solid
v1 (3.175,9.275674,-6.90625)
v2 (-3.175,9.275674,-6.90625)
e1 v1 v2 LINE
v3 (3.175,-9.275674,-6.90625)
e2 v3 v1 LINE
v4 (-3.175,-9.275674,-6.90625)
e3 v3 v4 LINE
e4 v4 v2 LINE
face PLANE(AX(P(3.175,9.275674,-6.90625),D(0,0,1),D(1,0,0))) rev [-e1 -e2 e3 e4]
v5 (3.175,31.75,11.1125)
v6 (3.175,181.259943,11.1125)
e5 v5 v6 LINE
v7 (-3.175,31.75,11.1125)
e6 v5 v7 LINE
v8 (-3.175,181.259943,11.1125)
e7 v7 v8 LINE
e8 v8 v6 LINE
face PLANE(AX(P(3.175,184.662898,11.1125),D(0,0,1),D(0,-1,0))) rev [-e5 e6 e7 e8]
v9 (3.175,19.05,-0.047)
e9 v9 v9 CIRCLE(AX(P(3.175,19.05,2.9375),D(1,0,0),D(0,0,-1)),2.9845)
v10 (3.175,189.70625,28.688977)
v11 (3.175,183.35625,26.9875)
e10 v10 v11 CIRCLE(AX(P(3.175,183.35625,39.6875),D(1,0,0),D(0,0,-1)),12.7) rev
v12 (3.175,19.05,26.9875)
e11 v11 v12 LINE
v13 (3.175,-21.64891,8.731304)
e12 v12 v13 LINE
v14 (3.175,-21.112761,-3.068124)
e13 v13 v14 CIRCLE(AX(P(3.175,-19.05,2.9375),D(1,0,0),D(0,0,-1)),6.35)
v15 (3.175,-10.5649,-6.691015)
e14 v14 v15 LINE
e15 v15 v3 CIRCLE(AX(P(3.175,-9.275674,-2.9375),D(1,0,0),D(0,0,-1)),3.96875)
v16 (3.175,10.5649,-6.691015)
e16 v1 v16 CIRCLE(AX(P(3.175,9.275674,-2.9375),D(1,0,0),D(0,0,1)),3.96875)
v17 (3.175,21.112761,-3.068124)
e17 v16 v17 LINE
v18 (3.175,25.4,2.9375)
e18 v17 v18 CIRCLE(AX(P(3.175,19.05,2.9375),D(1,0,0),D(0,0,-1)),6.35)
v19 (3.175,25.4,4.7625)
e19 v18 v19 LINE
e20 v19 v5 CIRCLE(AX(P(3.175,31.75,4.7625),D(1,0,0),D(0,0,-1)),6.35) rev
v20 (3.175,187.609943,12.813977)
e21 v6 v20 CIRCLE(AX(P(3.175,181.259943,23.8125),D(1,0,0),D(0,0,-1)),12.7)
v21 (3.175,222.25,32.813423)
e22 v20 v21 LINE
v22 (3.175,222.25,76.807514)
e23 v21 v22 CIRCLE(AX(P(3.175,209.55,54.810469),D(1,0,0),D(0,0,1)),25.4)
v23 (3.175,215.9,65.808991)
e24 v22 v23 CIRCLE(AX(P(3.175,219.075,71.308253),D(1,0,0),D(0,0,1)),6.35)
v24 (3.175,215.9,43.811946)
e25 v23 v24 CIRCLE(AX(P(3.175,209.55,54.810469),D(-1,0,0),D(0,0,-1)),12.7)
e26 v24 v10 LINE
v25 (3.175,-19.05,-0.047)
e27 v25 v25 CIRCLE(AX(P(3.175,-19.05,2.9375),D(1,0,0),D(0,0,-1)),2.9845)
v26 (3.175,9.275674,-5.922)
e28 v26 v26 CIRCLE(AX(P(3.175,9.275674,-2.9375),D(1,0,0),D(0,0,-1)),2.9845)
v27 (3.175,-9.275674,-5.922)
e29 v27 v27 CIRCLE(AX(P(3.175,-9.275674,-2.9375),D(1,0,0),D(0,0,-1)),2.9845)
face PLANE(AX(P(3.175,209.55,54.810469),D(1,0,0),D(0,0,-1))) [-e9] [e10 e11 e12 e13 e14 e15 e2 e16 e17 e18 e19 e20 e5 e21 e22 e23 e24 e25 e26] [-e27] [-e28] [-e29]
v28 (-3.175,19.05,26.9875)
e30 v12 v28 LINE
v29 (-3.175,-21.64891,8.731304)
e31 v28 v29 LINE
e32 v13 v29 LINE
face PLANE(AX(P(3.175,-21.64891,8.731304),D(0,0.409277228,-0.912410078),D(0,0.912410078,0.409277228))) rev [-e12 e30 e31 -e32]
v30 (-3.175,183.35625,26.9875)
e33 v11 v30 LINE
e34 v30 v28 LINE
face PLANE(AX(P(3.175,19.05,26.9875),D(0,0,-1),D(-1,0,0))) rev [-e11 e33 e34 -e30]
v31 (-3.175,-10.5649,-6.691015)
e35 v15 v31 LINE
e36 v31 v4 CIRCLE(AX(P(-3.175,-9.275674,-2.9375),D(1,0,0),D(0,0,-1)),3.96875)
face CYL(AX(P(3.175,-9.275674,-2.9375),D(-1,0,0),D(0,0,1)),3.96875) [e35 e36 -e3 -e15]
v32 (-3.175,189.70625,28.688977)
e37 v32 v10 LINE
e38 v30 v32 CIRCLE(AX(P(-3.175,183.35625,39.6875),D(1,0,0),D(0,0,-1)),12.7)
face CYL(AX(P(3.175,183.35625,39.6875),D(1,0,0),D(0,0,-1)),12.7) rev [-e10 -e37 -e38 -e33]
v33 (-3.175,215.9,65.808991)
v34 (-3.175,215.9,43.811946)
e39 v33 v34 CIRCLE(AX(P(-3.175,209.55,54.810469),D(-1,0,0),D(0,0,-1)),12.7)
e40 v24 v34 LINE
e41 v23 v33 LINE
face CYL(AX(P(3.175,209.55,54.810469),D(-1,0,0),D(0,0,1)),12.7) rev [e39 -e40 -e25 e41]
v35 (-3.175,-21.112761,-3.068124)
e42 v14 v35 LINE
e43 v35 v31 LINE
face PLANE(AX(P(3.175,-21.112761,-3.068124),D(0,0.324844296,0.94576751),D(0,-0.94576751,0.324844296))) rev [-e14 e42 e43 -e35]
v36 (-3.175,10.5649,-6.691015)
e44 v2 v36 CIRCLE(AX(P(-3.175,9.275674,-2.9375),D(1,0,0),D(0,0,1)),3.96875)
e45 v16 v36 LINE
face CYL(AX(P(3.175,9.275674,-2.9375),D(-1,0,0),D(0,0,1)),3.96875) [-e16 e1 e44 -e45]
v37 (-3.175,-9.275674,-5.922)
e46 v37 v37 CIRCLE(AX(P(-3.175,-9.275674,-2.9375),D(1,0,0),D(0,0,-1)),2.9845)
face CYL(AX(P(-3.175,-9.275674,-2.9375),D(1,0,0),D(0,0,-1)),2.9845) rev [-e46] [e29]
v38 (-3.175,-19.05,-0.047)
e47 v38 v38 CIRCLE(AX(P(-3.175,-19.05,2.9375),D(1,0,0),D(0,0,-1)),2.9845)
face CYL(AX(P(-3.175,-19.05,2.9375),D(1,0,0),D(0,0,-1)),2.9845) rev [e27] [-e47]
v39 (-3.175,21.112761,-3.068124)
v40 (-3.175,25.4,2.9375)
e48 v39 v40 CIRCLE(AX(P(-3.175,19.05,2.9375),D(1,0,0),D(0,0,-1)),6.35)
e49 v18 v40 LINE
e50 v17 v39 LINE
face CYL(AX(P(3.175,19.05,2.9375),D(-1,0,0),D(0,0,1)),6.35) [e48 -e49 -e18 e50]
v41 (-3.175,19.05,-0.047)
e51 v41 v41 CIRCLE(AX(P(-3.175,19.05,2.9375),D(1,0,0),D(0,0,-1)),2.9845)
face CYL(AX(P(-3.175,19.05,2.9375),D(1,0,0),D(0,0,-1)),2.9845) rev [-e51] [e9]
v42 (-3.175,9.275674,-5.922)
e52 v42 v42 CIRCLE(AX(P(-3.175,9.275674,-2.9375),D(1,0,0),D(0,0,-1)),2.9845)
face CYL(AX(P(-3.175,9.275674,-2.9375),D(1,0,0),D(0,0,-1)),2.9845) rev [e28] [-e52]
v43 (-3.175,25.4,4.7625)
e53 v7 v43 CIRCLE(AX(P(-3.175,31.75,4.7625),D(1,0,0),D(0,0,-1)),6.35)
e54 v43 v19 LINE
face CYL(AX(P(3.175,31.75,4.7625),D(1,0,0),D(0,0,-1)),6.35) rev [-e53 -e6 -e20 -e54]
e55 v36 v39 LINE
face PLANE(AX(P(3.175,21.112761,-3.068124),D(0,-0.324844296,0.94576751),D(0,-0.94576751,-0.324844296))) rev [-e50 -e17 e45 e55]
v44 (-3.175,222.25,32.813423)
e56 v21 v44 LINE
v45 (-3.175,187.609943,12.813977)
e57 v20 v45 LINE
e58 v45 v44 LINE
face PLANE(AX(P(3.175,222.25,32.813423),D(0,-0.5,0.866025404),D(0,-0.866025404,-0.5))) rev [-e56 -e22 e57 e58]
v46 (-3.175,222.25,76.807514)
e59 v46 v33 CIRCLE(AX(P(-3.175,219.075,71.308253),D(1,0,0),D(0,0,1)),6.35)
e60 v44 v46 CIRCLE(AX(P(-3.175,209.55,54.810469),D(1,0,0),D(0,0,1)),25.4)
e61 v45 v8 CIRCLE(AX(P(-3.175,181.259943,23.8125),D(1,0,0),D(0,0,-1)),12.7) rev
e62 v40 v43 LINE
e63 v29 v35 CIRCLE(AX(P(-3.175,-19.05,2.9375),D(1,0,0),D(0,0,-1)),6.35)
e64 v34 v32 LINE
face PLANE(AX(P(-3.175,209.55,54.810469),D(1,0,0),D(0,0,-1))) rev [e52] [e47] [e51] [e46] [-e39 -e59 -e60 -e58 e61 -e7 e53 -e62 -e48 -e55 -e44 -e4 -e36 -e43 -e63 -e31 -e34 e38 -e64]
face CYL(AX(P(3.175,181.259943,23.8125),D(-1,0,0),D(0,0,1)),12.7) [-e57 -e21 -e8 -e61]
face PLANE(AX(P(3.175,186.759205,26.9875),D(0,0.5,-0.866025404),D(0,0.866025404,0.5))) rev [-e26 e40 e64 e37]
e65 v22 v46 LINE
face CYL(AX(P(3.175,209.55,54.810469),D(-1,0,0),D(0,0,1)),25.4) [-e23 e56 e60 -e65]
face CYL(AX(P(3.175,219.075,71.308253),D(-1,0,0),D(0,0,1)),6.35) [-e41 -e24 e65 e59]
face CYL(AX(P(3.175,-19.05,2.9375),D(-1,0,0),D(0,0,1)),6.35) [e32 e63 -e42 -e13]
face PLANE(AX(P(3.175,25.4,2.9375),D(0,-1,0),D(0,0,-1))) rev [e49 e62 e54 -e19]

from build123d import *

# Parameters (mm, degrees)
BOSS_EXTRUDE1_DEPTH = 3.175
FILLET1_R           = 12.7
SKETCH2_R           = 2.9845
CUT_EXTRUDE1_DEPTH  = 248.533087061
FILLET2_R           = 6.35


with BuildPart() as part:
    # Sketch1 → Boss-Extrude1 (new, symmetric)
    with BuildSketch(Plane(origin=(0, 0, 0), x_dir=(0, 0, -1), z_dir=(1, 0, 0))):
        with BuildLine():
            Line((-8.731303996, -21.648910397), (-26.9875, 19.05))
            Line((-26.9875, 19.05), (-26.9875, 186.759204744))
            Line((-26.9875, 186.759204744), (-43.811945986, 215.9))
            ThreePointArc((-43.811945986, 215.9), (-54.810468614, 222.25), (-65.808991242, 215.9))
            ThreePointArc((-65.808991242, 215.9), (-74.483252556, 213.575738686), (-76.80751387, 222.25))
            ThreePointArc((-76.80751387, 222.25), (-54.810468614, 234.95), (-32.813423357, 222.25))
            Line((-32.813423357, 222.25), (-11.1125, 184.662898174))
            Line((-11.1125, 184.662898174), (-11.1125, 25.4))
            Line((-11.1125, 25.4), (-2.9375, 25.4))
            ThreePointArc((-2.9375, 25.4), (0.751942089, 24.218221848), (3.068123689, 21.112761283))
            Line((3.068123689, 21.112761283), (6.691014805, 10.56489959))
            ThreePointArc((6.691014805, 10.56489959), (6.852071397, 9.929208286), (6.90625, 9.275673789))
            Line((6.90625, 9.275673789), (6.90625, -9.275673789))
            ThreePointArc((6.90625, -9.275673789), (6.852071397, -9.929208286), (6.691014805, -10.56489959))
            Line((6.691014805, -10.56489959), (3.068123689, -21.112761283))
            ThreePointArc((3.068123689, -21.112761283), (-2.649262487, -25.393454827), (-8.731303996, -21.648910397))
        make_face()
    extrude(amount=BOSS_EXTRUDE1_DEPTH, both=True)

    # Fillet1
    fillet1_edges = [part.edges().sort_by_distance(p)[0] for p in [
        (0, 186.759204744, 26.9875),
        (0, 184.662898174, 11.1125),
    ]]
    fillet(fillet1_edges, radius=FILLET1_R)

    # Sketch2 → Cut-Extrude1 (cut, through all)
    with BuildSketch(Plane(origin=(3.175, 0, 0), x_dir=(0, 0, -1), z_dir=(1, 0, 0))):
        with Locations((-2.9375, 19.05)):
            Circle(SKETCH2_R)
        with Locations((2.9375, -9.275673789)):
            Circle(SKETCH2_R)
        with Locations((-2.9375, -19.05)):
            Circle(SKETCH2_R)
        with Locations((2.9375, 9.275673789)):
            Circle(SKETCH2_R)
    extrude(amount=-CUT_EXTRUDE1_DEPTH, mode=Mode.SUBTRACT)

    # Fillet2
    fillet2_edges = [part.edges().sort_by_distance(p)[0] for p in [
        (0, 25.4, 11.1125),
    ]]
    fillet(fillet2_edges, radius=FILLET2_R)


solid = part.part
